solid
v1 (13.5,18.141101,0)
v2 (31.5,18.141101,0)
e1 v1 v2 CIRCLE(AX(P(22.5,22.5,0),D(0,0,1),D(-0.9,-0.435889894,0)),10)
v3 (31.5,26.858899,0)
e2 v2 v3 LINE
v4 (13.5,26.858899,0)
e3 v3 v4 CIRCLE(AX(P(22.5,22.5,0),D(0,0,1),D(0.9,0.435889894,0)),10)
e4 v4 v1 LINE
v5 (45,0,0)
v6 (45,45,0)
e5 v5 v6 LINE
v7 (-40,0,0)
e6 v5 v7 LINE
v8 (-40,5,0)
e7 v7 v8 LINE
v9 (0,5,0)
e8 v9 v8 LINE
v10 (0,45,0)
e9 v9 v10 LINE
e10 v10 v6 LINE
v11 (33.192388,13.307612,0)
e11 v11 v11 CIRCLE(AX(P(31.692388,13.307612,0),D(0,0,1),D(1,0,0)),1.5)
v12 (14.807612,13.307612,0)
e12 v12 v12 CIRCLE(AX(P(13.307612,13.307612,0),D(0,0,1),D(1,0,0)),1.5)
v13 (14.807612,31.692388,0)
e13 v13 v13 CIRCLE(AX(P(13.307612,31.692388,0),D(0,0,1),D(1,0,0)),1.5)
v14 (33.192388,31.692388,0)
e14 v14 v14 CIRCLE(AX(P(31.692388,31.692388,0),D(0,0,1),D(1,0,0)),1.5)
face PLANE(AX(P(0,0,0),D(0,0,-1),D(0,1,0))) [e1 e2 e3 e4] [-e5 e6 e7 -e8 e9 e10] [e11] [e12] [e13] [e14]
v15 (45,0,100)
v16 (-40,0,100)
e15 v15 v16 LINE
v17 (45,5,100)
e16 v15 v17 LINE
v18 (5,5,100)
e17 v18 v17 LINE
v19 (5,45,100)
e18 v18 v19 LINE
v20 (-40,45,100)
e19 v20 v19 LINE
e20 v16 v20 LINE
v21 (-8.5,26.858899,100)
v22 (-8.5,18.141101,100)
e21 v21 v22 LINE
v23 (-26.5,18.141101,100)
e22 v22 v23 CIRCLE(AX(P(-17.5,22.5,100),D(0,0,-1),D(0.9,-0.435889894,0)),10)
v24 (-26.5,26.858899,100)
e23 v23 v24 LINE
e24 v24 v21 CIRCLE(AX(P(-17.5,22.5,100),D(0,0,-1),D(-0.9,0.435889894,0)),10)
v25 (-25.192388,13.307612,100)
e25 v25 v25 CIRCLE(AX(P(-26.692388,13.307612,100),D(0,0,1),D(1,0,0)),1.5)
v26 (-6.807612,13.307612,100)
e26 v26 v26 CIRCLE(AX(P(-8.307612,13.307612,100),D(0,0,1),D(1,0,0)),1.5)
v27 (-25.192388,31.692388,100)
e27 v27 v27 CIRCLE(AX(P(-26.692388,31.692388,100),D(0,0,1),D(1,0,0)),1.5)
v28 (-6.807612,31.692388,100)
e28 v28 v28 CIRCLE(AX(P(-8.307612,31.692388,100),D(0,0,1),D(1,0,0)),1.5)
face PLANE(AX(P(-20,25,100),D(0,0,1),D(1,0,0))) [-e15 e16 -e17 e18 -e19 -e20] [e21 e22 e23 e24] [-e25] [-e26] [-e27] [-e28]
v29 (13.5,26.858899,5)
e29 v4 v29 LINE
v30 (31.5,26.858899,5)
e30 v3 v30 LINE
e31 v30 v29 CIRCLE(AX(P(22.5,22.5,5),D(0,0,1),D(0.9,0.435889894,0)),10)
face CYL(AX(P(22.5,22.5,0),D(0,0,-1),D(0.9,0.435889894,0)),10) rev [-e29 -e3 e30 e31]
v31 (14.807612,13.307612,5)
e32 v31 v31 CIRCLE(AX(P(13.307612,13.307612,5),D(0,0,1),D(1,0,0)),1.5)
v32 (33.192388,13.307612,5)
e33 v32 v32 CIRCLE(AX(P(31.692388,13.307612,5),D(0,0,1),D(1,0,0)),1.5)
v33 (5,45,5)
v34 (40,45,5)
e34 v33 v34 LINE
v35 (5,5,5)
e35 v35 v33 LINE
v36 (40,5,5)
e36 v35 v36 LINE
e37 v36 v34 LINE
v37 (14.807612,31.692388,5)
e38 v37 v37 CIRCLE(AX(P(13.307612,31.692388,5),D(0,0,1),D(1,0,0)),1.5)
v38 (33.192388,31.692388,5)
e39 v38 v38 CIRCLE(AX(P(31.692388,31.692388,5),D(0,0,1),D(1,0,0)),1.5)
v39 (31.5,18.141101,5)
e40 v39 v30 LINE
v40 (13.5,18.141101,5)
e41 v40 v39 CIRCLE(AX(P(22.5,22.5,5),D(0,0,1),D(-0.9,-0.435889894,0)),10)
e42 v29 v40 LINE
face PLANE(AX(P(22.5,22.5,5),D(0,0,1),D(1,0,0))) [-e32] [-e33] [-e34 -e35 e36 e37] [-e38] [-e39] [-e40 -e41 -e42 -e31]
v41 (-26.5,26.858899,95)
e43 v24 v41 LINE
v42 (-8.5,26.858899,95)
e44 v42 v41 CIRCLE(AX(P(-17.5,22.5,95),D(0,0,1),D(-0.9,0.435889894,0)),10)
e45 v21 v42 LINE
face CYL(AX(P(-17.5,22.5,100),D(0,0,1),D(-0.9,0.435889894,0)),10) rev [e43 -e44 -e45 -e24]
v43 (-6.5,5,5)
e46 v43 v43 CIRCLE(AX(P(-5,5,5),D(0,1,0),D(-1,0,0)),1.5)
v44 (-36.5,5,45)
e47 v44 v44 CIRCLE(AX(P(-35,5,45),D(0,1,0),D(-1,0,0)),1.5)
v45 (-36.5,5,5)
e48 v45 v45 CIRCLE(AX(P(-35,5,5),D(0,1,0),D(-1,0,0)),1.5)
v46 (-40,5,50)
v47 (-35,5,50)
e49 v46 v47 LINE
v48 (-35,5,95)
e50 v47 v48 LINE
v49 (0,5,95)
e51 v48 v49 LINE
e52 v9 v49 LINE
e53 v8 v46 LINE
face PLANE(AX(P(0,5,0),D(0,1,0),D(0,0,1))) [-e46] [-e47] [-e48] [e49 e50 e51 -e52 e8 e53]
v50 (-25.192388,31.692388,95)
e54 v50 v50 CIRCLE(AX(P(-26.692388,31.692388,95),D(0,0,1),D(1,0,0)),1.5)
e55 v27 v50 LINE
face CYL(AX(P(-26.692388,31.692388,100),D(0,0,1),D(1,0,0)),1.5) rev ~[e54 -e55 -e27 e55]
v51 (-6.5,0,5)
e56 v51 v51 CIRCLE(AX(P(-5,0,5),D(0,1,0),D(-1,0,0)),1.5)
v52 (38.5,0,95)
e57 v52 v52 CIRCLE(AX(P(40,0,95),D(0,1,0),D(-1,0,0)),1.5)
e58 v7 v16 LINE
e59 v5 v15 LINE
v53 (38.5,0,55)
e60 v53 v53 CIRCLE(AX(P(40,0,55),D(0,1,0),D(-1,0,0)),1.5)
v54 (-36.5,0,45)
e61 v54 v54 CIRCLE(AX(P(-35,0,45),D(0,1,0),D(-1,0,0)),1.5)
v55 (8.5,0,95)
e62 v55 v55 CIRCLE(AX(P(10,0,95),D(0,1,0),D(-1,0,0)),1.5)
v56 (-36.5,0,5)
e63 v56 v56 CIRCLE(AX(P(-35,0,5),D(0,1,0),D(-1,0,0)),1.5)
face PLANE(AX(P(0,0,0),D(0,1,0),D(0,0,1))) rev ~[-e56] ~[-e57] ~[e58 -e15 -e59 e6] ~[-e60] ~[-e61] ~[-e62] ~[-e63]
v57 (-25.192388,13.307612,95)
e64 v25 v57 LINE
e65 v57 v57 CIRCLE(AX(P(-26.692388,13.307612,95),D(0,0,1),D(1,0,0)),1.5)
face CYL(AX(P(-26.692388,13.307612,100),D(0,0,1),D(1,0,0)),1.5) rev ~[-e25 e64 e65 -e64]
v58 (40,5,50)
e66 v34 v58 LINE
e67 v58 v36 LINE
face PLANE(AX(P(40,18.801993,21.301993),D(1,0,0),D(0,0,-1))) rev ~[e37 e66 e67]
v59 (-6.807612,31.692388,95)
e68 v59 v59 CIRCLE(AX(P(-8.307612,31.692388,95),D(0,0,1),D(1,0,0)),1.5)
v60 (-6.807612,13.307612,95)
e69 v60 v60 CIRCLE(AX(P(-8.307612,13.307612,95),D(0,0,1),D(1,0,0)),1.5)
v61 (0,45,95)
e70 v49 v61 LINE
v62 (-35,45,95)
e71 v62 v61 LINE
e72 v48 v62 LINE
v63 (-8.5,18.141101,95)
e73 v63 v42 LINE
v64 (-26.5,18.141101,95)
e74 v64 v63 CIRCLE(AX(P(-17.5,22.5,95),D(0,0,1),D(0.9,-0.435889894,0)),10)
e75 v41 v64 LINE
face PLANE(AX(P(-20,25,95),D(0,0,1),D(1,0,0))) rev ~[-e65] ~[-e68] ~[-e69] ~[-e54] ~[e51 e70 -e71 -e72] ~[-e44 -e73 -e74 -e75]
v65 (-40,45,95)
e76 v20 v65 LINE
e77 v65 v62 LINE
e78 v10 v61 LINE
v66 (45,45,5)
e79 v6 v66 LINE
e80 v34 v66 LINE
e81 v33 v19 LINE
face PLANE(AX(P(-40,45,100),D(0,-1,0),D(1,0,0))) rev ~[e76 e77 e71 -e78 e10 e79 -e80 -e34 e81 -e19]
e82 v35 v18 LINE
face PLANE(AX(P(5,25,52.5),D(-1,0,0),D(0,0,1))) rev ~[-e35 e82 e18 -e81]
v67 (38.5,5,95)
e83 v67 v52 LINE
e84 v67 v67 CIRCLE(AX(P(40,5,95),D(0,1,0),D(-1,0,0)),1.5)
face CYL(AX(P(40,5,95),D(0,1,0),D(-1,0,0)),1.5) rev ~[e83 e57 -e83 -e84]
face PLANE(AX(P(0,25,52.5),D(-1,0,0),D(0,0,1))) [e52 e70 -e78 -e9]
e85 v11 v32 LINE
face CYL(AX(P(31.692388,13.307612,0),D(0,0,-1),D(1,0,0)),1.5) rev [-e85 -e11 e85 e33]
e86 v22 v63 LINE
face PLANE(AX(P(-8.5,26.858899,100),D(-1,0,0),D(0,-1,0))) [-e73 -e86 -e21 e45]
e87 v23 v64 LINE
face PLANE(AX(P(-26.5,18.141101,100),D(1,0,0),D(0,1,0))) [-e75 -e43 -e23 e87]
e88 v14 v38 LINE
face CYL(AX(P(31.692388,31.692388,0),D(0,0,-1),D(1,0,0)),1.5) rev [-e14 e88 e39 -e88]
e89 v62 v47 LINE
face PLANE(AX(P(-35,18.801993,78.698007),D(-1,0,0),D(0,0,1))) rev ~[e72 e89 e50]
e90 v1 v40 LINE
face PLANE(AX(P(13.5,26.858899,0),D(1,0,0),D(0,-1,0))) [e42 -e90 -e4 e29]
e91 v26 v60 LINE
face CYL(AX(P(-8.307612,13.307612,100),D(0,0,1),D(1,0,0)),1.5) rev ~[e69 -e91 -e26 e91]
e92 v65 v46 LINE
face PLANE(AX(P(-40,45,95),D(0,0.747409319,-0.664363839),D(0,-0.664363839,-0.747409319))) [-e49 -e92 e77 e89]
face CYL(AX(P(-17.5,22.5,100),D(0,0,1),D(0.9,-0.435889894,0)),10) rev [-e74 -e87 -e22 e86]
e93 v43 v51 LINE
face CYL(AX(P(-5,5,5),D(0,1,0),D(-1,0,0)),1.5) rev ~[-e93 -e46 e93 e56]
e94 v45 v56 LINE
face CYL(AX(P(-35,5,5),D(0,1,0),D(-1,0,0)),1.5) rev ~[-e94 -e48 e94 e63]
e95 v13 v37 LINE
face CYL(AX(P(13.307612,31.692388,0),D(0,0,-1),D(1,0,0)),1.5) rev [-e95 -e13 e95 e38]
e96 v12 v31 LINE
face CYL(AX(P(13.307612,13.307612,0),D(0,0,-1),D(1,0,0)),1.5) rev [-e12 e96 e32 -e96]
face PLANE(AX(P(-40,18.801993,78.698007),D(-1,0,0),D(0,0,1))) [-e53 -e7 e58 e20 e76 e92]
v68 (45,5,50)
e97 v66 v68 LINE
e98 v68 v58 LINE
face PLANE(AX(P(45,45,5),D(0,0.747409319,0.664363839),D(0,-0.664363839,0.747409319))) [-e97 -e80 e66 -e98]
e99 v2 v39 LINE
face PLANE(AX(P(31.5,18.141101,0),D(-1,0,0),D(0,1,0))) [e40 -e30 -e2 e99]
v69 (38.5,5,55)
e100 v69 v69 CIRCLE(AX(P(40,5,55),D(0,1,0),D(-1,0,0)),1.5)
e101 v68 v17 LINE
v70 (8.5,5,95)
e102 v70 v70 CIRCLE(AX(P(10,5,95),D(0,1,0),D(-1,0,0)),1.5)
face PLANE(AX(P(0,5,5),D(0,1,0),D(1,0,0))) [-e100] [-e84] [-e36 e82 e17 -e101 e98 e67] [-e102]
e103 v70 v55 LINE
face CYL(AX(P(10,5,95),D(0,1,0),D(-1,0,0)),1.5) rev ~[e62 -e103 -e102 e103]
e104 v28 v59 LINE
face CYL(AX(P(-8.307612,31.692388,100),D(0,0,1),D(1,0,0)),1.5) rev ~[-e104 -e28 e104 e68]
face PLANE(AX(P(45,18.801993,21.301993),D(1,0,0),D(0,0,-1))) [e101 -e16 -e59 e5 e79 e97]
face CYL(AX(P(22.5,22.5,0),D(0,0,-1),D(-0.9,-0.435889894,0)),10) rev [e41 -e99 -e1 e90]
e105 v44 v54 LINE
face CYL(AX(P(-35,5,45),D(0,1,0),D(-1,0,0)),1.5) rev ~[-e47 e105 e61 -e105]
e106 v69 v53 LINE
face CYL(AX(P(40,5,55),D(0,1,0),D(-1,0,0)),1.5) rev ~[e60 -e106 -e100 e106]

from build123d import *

# Parameters (mm, degrees)
ESQUISSE1_W             = 45
ESQUISSE1_H             = 45
ESQUISSE1_R             = 1.5
EXTRUSION1_DEPTH        = 5
ESQUISSE2_W             = 45
ESQUISSE2_H             = 5
EXTRUSION2_DEPTH        = 95
EXTRUSION3_DEPTH        = 5
ESQUISSE4_W             = 95
ESQUISSE4_H             = 40
EXTRUSION4_DEPTH        = 5
ESQUISSE5_W             = 100
ESQUISSE5_H             = 5
EXTRUSION5_DEPTH        = 40
ESQUISSE6_W             = 40
ESQUISSE6_H             = 40
EXTRUSION6_DEPTH        = 5
EXTRUSION7_DEPTH        = 5
ENL_V_MAT_EXTRU_1_REACH = 102
ESQUISSE8_R             = 1.5
ENL_V_MAT_EXTRU_2_REACH = 7
ESQUISSE9_R             = 1.5


with BuildPart() as part:
    # Esquisse1 → Extrusion1 (new body)
    with BuildSketch(Plane.XY):
        with Locations((22.5, 22.5)):
            Rectangle(ESQUISSE1_W, ESQUISSE1_H)
        with Locations((31.692388155, 31.692388155)):
            Circle(ESQUISSE1_R, mode=Mode.SUBTRACT)
        with Locations((31.692388155, 13.307611845)):
            Circle(ESQUISSE1_R, mode=Mode.SUBTRACT)
        with Locations((13.307611845, 13.307611845)):
            Circle(ESQUISSE1_R, mode=Mode.SUBTRACT)
        with Locations((13.307611845, 31.692388155)):
            Circle(ESQUISSE1_R, mode=Mode.SUBTRACT)
        with BuildLine():
            Line((13.5, 26.858898944), (13.5, 18.141101056))
            ThreePointArc((13.5, 18.141101056), (22.5, 12.5), (31.5, 18.141101056))
            Line((31.5, 18.141101056), (31.5, 26.858898944))
            ThreePointArc((31.5, 26.858898944), (22.5, 32.5), (13.5, 26.858898944))
        make_face(mode=Mode.SUBTRACT)
    extrude(amount=EXTRUSION1_DEPTH)

    # Esquisse2 → Extrusion2 (add)
    with BuildSketch(Plane.XY.offset(5)):
        with Locations((22.5, 2.5)):
            Rectangle(ESQUISSE2_W, ESQUISSE2_H)
    extrude(amount=EXTRUSION2_DEPTH)

    # Esquisse3 → Extrusion3 (add)
    with BuildSketch(Plane(origin=(45, 0, 0), x_dir=(0, 0, -1), z_dir=(1, 0, 0))):
        Polygon((-5, 5), (-5, 45), (-50, 5), align=None)
    extrude(amount=-EXTRUSION3_DEPTH)

    # Esquisse4 → Extrusion4 (add)
    with BuildSketch(Plane.ZY):
        with Locations((52.5, 25)):
            Rectangle(ESQUISSE4_W, ESQUISSE4_H)
    extrude(amount=-EXTRUSION4_DEPTH)

    # Esquisse5 → Extrusion5 (add)
    with BuildSketch(Plane.ZY):
        with Locations((50, 2.5)):
            Rectangle(ESQUISSE5_W, ESQUISSE5_H)
    extrude(amount=EXTRUSION5_DEPTH)

    # Esquisse6 → Extrusion6 (add)
    with BuildSketch(Plane.XY.offset(100)):
        with Locations((-20, 25)):
            Rectangle(ESQUISSE6_W, ESQUISSE6_H)
    extrude(amount=-EXTRUSION6_DEPTH)

    # Esquisse7 → Extrusion7 (add)
    with BuildSketch(Plane.ZY.offset(40)):
        Polygon((95, 5), (95, 45), (50, 5), align=None)
    extrude(amount=-EXTRUSION7_DEPTH)

    # Esquisse8 → Enlèv. mat.-Extru.1 (cut, up to next)
    with BuildSketch(Plane.XY.offset(100), mode=Mode.PRIVATE) as enl_v_mat_extru_1_sk1:
        with Locations((-26.692388155, 31.692388155)):
            Circle(ESQUISSE8_R)
    enl_v_mat_extru_1_tool1 = extrude(enl_v_mat_extru_1_sk1.sketch, amount=-ENL_V_MAT_EXTRU_1_REACH, mode=Mode.PRIVATE) & part.part
    add(enl_v_mat_extru_1_tool1.solids().sort_by_distance((-26.692388, 31.692388, 100))[0], mode=Mode.SUBTRACT)
    # Esquisse8 → Enlèv. mat.-Extru.1 (cut, up to next)
    with BuildSketch(Plane.XY.offset(100), mode=Mode.PRIVATE) as enl_v_mat_extru_1_sk2:
        with Locations((-26.692388155, 13.307611845)):
            Circle(ESQUISSE8_R)
    enl_v_mat_extru_1_tool2 = extrude(enl_v_mat_extru_1_sk2.sketch, amount=-ENL_V_MAT_EXTRU_1_REACH, mode=Mode.PRIVATE) & part.part
    add(enl_v_mat_extru_1_tool2.solids().sort_by_distance((-26.692388, 13.307612, 100))[0], mode=Mode.SUBTRACT)
    # Esquisse8 → Enlèv. mat.-Extru.1 (cut, up to next)
    with BuildSketch(Plane.XY.offset(100), mode=Mode.PRIVATE) as enl_v_mat_extru_1_sk3:
        with Locations((-8.307611845, 13.307611845)):
            Circle(ESQUISSE8_R)
    enl_v_mat_extru_1_tool3 = extrude(enl_v_mat_extru_1_sk3.sketch, amount=-ENL_V_MAT_EXTRU_1_REACH, mode=Mode.PRIVATE) & part.part
    add(enl_v_mat_extru_1_tool3.solids().sort_by_distance((-8.307612, 13.307612, 100))[0], mode=Mode.SUBTRACT)
    # Esquisse8 → Enlèv. mat.-Extru.1 (cut, up to next)
    with BuildSketch(Plane.XY.offset(100), mode=Mode.PRIVATE) as enl_v_mat_extru_1_sk4:
        with Locations((-8.307611845, 31.692388155)):
            Circle(ESQUISSE8_R)
    enl_v_mat_extru_1_tool4 = extrude(enl_v_mat_extru_1_sk4.sketch, amount=-ENL_V_MAT_EXTRU_1_REACH, mode=Mode.PRIVATE) & part.part
    add(enl_v_mat_extru_1_tool4.solids().sort_by_distance((-8.307612, 31.692388, 100))[0], mode=Mode.SUBTRACT)
    # Esquisse8 → Enlèv. mat.-Extru.1 (cut, up to next)
    with BuildSketch(Plane.XY.offset(100), mode=Mode.PRIVATE) as enl_v_mat_extru_1_sk5:
        with BuildLine():
            Line((-26.5, 18.141101056), (-26.5, 26.858898944))
            ThreePointArc((-26.5, 26.858898944), (-17.5, 32.5), (-8.5, 26.858898944))
            Line((-8.5, 26.858898944), (-8.5, 18.141101056))
            ThreePointArc((-8.5, 18.141101056), (-17.5, 12.5), (-26.5, 18.141101056))
        make_face()
    enl_v_mat_extru_1_tool5 = extrude(enl_v_mat_extru_1_sk5.sketch, amount=-ENL_V_MAT_EXTRU_1_REACH, mode=Mode.PRIVATE) & part.part
    add(enl_v_mat_extru_1_tool5.solids().sort_by_distance((-17.5, 22.5, 100))[0], mode=Mode.SUBTRACT)

    # Esquisse9 → Enlèv. mat.-Extru.2 (cut, up to next)
    with BuildSketch(Plane(origin=(0, 5, 0), x_dir=(-1, 0, 0), z_dir=(0, 1, 0)), mode=Mode.PRIVATE) as enl_v_mat_extru_2_sk1:
        with Locations((-40, 95)):
            Circle(ESQUISSE9_R)
    enl_v_mat_extru_2_tool1 = extrude(enl_v_mat_extru_2_sk1.sketch, amount=-ENL_V_MAT_EXTRU_2_REACH, mode=Mode.PRIVATE) & part.part
    add(enl_v_mat_extru_2_tool1.solids().sort_by_distance((40, 5, 95))[0], mode=Mode.SUBTRACT)
    # Esquisse9 → Enlèv. mat.-Extru.2 (cut, up to next)
    with BuildSketch(Plane(origin=(0, 5, 0), x_dir=(-1, 0, 0), z_dir=(0, 1, 0)), mode=Mode.PRIVATE) as enl_v_mat_extru_2_sk2:
        with Locations((-10, 95)):
            Circle(ESQUISSE9_R)
    enl_v_mat_extru_2_tool2 = extrude(enl_v_mat_extru_2_sk2.sketch, amount=-ENL_V_MAT_EXTRU_2_REACH, mode=Mode.PRIVATE) & part.part
    add(enl_v_mat_extru_2_tool2.solids().sort_by_distance((10, 5, 95))[0], mode=Mode.SUBTRACT)
    # Esquisse9 → Enlèv. mat.-Extru.2 (cut, up to next)
    with BuildSketch(Plane(origin=(0, 5, 0), x_dir=(-1, 0, 0), z_dir=(0, 1, 0)), mode=Mode.PRIVATE) as enl_v_mat_extru_2_sk3:
        with Locations((35, 5)):
            Circle(ESQUISSE9_R)
    enl_v_mat_extru_2_tool3 = extrude(enl_v_mat_extru_2_sk3.sketch, amount=-ENL_V_MAT_EXTRU_2_REACH, mode=Mode.PRIVATE) & part.part
    add(enl_v_mat_extru_2_tool3.solids().sort_by_distance((-35, 5, 5))[0], mode=Mode.SUBTRACT)
    # Esquisse9 → Enlèv. mat.-Extru.2 (cut, up to next)
    with BuildSketch(Plane(origin=(0, 5, 0), x_dir=(-1, 0, 0), z_dir=(0, 1, 0)), mode=Mode.PRIVATE) as enl_v_mat_extru_2_sk4:
        with Locations((5, 5)):
            Circle(ESQUISSE9_R)
    enl_v_mat_extru_2_tool4 = extrude(enl_v_mat_extru_2_sk4.sketch, amount=-ENL_V_MAT_EXTRU_2_REACH, mode=Mode.PRIVATE) & part.part
    add(enl_v_mat_extru_2_tool4.solids().sort_by_distance((-5, 5, 5))[0], mode=Mode.SUBTRACT)
    # Esquisse9 → Enlèv. mat.-Extru.2 (cut, up to next)
    with BuildSketch(Plane(origin=(0, 5, 0), x_dir=(-1, 0, 0), z_dir=(0, 1, 0)), mode=Mode.PRIVATE) as enl_v_mat_extru_2_sk5:
        with Locations((-40, 55)):
            Circle(ESQUISSE9_R)
    enl_v_mat_extru_2_tool5 = extrude(enl_v_mat_extru_2_sk5.sketch, amount=-ENL_V_MAT_EXTRU_2_REACH, mode=Mode.PRIVATE) & part.part
    add(enl_v_mat_extru_2_tool5.solids().sort_by_distance((40, 5, 55))[0], mode=Mode.SUBTRACT)
    # Esquisse9 → Enlèv. mat.-Extru.2 (cut, up to next)
    with BuildSketch(Plane(origin=(0, 5, 0), x_dir=(-1, 0, 0), z_dir=(0, 1, 0)), mode=Mode.PRIVATE) as enl_v_mat_extru_2_sk6:
        with Locations((35, 45)):
            Circle(ESQUISSE9_R)
    enl_v_mat_extru_2_tool6 = extrude(enl_v_mat_extru_2_sk6.sketch, amount=-ENL_V_MAT_EXTRU_2_REACH, mode=Mode.PRIVATE) & part.part
    add(enl_v_mat_extru_2_tool6.solids().sort_by_distance((-35, 5, 45))[0], mode=Mode.SUBTRACT)


solid = part.part
